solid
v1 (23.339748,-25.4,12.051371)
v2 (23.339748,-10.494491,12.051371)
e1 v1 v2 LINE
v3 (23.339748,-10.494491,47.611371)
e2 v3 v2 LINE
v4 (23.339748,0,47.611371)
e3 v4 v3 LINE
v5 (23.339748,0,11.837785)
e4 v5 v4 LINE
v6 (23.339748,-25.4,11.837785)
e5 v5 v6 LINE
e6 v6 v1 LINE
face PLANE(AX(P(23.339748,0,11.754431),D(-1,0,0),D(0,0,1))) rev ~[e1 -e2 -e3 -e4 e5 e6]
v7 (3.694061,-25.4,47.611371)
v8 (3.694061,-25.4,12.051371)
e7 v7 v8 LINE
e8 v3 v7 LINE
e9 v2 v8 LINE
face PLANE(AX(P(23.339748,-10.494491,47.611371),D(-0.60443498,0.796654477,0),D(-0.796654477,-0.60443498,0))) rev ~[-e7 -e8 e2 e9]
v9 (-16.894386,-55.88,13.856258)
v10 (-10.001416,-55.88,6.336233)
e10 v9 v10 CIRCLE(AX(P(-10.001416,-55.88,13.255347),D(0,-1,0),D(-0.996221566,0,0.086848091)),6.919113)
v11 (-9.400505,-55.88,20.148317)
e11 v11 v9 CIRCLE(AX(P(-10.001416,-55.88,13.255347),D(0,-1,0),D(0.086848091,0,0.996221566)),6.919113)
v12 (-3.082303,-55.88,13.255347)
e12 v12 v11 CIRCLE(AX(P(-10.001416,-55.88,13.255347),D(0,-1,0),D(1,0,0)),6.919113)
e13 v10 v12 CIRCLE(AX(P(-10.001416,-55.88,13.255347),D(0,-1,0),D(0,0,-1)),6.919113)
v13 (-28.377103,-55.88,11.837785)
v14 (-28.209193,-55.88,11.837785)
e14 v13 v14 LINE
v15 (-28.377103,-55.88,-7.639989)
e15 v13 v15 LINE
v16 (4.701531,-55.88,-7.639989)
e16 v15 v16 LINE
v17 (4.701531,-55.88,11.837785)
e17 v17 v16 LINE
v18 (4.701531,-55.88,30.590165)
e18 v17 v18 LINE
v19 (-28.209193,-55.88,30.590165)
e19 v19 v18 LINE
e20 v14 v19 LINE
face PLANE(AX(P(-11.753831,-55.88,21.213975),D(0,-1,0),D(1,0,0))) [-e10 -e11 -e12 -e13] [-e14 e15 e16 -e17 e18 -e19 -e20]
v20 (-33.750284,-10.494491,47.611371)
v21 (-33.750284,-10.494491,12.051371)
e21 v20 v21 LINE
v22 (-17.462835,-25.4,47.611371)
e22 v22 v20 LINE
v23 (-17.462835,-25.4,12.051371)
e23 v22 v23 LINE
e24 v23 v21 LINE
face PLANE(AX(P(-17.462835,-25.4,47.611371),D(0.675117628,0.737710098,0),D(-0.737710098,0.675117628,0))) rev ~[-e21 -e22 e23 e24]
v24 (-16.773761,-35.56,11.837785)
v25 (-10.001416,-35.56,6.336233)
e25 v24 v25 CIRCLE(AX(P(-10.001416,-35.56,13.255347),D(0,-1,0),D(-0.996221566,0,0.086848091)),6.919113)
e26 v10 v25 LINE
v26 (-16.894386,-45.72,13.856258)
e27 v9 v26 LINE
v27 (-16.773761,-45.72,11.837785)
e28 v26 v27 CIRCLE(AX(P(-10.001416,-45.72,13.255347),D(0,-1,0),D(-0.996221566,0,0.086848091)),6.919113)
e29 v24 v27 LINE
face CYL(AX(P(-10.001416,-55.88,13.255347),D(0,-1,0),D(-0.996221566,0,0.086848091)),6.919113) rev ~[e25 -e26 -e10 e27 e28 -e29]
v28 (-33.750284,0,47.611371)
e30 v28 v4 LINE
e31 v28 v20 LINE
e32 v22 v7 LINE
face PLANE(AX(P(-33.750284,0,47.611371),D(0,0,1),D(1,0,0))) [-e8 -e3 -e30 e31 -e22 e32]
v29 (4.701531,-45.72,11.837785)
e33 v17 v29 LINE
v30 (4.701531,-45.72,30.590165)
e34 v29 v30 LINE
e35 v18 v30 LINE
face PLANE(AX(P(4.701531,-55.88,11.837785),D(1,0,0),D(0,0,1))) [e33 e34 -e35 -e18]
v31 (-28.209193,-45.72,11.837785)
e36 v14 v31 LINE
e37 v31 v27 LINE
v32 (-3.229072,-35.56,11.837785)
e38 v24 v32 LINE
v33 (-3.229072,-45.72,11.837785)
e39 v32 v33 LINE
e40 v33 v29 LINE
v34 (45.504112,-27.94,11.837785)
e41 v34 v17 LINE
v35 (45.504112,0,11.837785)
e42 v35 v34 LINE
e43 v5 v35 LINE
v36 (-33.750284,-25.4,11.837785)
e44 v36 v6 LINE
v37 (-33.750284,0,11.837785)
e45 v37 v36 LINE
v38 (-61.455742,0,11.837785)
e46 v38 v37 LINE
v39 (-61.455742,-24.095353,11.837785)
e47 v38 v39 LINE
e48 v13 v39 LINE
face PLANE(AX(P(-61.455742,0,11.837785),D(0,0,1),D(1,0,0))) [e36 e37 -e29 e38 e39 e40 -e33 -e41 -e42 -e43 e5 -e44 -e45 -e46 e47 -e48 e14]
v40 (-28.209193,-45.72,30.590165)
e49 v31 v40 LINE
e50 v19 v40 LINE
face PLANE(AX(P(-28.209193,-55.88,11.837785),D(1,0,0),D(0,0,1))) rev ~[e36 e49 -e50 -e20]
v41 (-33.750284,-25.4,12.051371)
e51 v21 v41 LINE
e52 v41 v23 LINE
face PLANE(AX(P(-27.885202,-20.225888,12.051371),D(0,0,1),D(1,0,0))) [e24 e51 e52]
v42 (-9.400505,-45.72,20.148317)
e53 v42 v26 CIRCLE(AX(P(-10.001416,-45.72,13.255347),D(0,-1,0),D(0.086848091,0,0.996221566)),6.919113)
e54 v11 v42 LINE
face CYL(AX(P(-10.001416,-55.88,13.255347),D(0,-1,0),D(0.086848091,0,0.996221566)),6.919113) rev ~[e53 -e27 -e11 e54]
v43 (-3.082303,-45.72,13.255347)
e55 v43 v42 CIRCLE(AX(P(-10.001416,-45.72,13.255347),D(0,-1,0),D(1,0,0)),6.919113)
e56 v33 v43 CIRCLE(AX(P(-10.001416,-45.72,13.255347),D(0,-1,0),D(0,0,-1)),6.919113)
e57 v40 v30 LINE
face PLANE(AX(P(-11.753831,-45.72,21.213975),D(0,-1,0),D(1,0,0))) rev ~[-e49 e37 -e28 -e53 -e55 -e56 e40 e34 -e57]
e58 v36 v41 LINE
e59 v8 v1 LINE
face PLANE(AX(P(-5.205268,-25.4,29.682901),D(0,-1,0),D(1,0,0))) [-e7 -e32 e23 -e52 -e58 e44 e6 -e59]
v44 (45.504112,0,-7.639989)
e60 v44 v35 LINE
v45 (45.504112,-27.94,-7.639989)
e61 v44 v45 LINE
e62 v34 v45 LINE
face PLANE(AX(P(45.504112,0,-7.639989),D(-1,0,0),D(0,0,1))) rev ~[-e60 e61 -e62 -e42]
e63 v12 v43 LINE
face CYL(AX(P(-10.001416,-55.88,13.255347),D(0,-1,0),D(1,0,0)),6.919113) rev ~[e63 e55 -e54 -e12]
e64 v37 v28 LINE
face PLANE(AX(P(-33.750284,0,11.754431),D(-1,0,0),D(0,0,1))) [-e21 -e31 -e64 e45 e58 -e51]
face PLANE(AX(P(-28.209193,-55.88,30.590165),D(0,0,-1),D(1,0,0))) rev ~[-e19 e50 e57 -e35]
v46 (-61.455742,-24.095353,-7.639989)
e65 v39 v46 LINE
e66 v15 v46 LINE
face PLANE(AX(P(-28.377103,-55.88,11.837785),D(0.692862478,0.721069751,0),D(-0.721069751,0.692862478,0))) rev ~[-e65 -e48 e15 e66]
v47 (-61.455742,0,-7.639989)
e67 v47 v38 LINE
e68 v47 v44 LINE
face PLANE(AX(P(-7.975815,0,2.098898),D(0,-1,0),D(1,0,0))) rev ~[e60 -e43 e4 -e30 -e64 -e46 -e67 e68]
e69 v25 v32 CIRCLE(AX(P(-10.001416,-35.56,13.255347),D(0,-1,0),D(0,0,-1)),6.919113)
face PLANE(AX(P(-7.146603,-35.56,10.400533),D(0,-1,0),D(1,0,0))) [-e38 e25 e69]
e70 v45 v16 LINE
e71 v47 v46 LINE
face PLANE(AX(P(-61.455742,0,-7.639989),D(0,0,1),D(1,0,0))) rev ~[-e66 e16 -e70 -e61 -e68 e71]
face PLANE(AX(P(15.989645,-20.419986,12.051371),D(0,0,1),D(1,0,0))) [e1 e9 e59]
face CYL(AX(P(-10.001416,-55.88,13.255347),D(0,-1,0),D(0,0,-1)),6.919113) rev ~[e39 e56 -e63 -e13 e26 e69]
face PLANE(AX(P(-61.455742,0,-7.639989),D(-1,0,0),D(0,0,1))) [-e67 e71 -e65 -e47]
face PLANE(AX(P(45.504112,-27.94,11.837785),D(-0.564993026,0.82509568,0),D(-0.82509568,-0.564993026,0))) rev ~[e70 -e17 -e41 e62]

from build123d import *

# Parameters (mm, degrees)
F0_W      = 106.9598533213
F0_H      = 19.4777743891
F1_DEPTH  = 55.88
F3_DEPTH  = 25.4
F4_W      = 57.0900328457
F4_H      = 35.8569398522
F5_DEPTH  = 25.4
F7_DEPTH  = 35.56
F8_W      = 32.9107241705
F8_H      = 18.7523802742
F9_DEPTH  = 10.16
F11_DEPTH = 20.32


with BuildPart() as f1:
    # F0 (on Front) → F1 (new body)
    with BuildSketch(Plane.XZ):
        with Locations((-7.975814864, 2.0988979377)):
            Rectangle(F0_W, F0_H)
    extrude(amount=F1_DEPTH)

    # F2 (on face) → F3 (cut)
    with BuildSketch(Plane.XY.offset(11.8377851322)):
        Polygon((45.5041117966, -27.94), (4.7015314922, -55.88), (45.5041117966, -55.88), align=None)
        Polygon((-61.4557415247, -55.88), (-28.377102688, -55.88), (-61.4557415247, -24.0953527391), align=None)
    extrude(amount=-F3_DEPTH, mode=Mode.SUBTRACT)

    # F4 (on Front) → F5 (join)
    with BuildSketch(Plane.XZ):
        with Locations((-5.2052680403, 29.6829007566)):
            Rectangle(F4_W, F4_H)
    extrude(amount=F5_DEPTH)

    # F6 (on face) → F7 (cut)
    with BuildSketch(Plane.XY.offset(47.6113706827)):
        Polygon((23.3397483826, -10.4944910854), (3.6940614227, -25.4), (23.3397483826, -25.4), align=None)
        Polygon((-33.7502844632, -25.4), (-17.4628347158, -25.4), (-33.7502844632, -10.4944910854), align=None)
    extrude(amount=-F7_DEPTH, mode=Mode.SUBTRACT)

    # F8 (on face) → F9 (join)
    with BuildSketch(Plane.XZ.offset(55.88)):
        with Locations((-11.7538305931, 21.2139752693)):
            Rectangle(F8_W, F8_H)
    extrude(amount=-F9_DEPTH)

    # F10 (on face) → F11 (cut)
    with BuildSketch(Plane.XZ.offset(55.88)):
        with BuildLine():
            Line((-3.0823028615, 13.2553465664), (-10.0014163181, 13.2553465664))
            Line((-10.0014163181, 13.2553465664), (-10.0014163181, 6.3362331098))
            ThreePointArc((-10.0014163181, 6.3362331098), (-5.1088642731, 8.3627945214), (-3.0823028615, 13.2553465664))
        make_face()
        with BuildLine():
            Line((-10.0014163181, 6.3362331098), (-10.0014163181, 13.2553465664))
            Line((-10.0014163181, 13.2553465664), (-16.8943863629, 13.856258363))
            ThreePointArc((-16.8943863629, 13.856258363), (-15.1020000065, 8.5800736264), (-10.0014163181, 6.3362331098))
        make_face()
        with BuildLine():
            Line((-16.8943863629, 13.856258363), (-10.0014163181, 13.2553465664))
            Line((-10.0014163181, 13.2553465664), (-9.4005045216, 20.1483166113))
            ThreePointArc((-9.4005045216, 20.1483166113), (-14.4505733731, 18.5543212339), (-16.8943863629, 13.856258363))
        make_face()
        with BuildLine():
            Line((-9.4005045216, 20.1483166113), (-10.0014163181, 13.2553465664))
            Line((-10.0014163181, 13.2553465664), (-3.0823028615, 13.2553465664))
            ThreePointArc((-3.0823028615, 13.2553465664), (-4.9008326298, 17.9306195065), (-9.4005045216, 20.1483166113))
        make_face()
    extrude(amount=-F11_DEPTH, mode=Mode.SUBTRACT)


solid = f1.part
